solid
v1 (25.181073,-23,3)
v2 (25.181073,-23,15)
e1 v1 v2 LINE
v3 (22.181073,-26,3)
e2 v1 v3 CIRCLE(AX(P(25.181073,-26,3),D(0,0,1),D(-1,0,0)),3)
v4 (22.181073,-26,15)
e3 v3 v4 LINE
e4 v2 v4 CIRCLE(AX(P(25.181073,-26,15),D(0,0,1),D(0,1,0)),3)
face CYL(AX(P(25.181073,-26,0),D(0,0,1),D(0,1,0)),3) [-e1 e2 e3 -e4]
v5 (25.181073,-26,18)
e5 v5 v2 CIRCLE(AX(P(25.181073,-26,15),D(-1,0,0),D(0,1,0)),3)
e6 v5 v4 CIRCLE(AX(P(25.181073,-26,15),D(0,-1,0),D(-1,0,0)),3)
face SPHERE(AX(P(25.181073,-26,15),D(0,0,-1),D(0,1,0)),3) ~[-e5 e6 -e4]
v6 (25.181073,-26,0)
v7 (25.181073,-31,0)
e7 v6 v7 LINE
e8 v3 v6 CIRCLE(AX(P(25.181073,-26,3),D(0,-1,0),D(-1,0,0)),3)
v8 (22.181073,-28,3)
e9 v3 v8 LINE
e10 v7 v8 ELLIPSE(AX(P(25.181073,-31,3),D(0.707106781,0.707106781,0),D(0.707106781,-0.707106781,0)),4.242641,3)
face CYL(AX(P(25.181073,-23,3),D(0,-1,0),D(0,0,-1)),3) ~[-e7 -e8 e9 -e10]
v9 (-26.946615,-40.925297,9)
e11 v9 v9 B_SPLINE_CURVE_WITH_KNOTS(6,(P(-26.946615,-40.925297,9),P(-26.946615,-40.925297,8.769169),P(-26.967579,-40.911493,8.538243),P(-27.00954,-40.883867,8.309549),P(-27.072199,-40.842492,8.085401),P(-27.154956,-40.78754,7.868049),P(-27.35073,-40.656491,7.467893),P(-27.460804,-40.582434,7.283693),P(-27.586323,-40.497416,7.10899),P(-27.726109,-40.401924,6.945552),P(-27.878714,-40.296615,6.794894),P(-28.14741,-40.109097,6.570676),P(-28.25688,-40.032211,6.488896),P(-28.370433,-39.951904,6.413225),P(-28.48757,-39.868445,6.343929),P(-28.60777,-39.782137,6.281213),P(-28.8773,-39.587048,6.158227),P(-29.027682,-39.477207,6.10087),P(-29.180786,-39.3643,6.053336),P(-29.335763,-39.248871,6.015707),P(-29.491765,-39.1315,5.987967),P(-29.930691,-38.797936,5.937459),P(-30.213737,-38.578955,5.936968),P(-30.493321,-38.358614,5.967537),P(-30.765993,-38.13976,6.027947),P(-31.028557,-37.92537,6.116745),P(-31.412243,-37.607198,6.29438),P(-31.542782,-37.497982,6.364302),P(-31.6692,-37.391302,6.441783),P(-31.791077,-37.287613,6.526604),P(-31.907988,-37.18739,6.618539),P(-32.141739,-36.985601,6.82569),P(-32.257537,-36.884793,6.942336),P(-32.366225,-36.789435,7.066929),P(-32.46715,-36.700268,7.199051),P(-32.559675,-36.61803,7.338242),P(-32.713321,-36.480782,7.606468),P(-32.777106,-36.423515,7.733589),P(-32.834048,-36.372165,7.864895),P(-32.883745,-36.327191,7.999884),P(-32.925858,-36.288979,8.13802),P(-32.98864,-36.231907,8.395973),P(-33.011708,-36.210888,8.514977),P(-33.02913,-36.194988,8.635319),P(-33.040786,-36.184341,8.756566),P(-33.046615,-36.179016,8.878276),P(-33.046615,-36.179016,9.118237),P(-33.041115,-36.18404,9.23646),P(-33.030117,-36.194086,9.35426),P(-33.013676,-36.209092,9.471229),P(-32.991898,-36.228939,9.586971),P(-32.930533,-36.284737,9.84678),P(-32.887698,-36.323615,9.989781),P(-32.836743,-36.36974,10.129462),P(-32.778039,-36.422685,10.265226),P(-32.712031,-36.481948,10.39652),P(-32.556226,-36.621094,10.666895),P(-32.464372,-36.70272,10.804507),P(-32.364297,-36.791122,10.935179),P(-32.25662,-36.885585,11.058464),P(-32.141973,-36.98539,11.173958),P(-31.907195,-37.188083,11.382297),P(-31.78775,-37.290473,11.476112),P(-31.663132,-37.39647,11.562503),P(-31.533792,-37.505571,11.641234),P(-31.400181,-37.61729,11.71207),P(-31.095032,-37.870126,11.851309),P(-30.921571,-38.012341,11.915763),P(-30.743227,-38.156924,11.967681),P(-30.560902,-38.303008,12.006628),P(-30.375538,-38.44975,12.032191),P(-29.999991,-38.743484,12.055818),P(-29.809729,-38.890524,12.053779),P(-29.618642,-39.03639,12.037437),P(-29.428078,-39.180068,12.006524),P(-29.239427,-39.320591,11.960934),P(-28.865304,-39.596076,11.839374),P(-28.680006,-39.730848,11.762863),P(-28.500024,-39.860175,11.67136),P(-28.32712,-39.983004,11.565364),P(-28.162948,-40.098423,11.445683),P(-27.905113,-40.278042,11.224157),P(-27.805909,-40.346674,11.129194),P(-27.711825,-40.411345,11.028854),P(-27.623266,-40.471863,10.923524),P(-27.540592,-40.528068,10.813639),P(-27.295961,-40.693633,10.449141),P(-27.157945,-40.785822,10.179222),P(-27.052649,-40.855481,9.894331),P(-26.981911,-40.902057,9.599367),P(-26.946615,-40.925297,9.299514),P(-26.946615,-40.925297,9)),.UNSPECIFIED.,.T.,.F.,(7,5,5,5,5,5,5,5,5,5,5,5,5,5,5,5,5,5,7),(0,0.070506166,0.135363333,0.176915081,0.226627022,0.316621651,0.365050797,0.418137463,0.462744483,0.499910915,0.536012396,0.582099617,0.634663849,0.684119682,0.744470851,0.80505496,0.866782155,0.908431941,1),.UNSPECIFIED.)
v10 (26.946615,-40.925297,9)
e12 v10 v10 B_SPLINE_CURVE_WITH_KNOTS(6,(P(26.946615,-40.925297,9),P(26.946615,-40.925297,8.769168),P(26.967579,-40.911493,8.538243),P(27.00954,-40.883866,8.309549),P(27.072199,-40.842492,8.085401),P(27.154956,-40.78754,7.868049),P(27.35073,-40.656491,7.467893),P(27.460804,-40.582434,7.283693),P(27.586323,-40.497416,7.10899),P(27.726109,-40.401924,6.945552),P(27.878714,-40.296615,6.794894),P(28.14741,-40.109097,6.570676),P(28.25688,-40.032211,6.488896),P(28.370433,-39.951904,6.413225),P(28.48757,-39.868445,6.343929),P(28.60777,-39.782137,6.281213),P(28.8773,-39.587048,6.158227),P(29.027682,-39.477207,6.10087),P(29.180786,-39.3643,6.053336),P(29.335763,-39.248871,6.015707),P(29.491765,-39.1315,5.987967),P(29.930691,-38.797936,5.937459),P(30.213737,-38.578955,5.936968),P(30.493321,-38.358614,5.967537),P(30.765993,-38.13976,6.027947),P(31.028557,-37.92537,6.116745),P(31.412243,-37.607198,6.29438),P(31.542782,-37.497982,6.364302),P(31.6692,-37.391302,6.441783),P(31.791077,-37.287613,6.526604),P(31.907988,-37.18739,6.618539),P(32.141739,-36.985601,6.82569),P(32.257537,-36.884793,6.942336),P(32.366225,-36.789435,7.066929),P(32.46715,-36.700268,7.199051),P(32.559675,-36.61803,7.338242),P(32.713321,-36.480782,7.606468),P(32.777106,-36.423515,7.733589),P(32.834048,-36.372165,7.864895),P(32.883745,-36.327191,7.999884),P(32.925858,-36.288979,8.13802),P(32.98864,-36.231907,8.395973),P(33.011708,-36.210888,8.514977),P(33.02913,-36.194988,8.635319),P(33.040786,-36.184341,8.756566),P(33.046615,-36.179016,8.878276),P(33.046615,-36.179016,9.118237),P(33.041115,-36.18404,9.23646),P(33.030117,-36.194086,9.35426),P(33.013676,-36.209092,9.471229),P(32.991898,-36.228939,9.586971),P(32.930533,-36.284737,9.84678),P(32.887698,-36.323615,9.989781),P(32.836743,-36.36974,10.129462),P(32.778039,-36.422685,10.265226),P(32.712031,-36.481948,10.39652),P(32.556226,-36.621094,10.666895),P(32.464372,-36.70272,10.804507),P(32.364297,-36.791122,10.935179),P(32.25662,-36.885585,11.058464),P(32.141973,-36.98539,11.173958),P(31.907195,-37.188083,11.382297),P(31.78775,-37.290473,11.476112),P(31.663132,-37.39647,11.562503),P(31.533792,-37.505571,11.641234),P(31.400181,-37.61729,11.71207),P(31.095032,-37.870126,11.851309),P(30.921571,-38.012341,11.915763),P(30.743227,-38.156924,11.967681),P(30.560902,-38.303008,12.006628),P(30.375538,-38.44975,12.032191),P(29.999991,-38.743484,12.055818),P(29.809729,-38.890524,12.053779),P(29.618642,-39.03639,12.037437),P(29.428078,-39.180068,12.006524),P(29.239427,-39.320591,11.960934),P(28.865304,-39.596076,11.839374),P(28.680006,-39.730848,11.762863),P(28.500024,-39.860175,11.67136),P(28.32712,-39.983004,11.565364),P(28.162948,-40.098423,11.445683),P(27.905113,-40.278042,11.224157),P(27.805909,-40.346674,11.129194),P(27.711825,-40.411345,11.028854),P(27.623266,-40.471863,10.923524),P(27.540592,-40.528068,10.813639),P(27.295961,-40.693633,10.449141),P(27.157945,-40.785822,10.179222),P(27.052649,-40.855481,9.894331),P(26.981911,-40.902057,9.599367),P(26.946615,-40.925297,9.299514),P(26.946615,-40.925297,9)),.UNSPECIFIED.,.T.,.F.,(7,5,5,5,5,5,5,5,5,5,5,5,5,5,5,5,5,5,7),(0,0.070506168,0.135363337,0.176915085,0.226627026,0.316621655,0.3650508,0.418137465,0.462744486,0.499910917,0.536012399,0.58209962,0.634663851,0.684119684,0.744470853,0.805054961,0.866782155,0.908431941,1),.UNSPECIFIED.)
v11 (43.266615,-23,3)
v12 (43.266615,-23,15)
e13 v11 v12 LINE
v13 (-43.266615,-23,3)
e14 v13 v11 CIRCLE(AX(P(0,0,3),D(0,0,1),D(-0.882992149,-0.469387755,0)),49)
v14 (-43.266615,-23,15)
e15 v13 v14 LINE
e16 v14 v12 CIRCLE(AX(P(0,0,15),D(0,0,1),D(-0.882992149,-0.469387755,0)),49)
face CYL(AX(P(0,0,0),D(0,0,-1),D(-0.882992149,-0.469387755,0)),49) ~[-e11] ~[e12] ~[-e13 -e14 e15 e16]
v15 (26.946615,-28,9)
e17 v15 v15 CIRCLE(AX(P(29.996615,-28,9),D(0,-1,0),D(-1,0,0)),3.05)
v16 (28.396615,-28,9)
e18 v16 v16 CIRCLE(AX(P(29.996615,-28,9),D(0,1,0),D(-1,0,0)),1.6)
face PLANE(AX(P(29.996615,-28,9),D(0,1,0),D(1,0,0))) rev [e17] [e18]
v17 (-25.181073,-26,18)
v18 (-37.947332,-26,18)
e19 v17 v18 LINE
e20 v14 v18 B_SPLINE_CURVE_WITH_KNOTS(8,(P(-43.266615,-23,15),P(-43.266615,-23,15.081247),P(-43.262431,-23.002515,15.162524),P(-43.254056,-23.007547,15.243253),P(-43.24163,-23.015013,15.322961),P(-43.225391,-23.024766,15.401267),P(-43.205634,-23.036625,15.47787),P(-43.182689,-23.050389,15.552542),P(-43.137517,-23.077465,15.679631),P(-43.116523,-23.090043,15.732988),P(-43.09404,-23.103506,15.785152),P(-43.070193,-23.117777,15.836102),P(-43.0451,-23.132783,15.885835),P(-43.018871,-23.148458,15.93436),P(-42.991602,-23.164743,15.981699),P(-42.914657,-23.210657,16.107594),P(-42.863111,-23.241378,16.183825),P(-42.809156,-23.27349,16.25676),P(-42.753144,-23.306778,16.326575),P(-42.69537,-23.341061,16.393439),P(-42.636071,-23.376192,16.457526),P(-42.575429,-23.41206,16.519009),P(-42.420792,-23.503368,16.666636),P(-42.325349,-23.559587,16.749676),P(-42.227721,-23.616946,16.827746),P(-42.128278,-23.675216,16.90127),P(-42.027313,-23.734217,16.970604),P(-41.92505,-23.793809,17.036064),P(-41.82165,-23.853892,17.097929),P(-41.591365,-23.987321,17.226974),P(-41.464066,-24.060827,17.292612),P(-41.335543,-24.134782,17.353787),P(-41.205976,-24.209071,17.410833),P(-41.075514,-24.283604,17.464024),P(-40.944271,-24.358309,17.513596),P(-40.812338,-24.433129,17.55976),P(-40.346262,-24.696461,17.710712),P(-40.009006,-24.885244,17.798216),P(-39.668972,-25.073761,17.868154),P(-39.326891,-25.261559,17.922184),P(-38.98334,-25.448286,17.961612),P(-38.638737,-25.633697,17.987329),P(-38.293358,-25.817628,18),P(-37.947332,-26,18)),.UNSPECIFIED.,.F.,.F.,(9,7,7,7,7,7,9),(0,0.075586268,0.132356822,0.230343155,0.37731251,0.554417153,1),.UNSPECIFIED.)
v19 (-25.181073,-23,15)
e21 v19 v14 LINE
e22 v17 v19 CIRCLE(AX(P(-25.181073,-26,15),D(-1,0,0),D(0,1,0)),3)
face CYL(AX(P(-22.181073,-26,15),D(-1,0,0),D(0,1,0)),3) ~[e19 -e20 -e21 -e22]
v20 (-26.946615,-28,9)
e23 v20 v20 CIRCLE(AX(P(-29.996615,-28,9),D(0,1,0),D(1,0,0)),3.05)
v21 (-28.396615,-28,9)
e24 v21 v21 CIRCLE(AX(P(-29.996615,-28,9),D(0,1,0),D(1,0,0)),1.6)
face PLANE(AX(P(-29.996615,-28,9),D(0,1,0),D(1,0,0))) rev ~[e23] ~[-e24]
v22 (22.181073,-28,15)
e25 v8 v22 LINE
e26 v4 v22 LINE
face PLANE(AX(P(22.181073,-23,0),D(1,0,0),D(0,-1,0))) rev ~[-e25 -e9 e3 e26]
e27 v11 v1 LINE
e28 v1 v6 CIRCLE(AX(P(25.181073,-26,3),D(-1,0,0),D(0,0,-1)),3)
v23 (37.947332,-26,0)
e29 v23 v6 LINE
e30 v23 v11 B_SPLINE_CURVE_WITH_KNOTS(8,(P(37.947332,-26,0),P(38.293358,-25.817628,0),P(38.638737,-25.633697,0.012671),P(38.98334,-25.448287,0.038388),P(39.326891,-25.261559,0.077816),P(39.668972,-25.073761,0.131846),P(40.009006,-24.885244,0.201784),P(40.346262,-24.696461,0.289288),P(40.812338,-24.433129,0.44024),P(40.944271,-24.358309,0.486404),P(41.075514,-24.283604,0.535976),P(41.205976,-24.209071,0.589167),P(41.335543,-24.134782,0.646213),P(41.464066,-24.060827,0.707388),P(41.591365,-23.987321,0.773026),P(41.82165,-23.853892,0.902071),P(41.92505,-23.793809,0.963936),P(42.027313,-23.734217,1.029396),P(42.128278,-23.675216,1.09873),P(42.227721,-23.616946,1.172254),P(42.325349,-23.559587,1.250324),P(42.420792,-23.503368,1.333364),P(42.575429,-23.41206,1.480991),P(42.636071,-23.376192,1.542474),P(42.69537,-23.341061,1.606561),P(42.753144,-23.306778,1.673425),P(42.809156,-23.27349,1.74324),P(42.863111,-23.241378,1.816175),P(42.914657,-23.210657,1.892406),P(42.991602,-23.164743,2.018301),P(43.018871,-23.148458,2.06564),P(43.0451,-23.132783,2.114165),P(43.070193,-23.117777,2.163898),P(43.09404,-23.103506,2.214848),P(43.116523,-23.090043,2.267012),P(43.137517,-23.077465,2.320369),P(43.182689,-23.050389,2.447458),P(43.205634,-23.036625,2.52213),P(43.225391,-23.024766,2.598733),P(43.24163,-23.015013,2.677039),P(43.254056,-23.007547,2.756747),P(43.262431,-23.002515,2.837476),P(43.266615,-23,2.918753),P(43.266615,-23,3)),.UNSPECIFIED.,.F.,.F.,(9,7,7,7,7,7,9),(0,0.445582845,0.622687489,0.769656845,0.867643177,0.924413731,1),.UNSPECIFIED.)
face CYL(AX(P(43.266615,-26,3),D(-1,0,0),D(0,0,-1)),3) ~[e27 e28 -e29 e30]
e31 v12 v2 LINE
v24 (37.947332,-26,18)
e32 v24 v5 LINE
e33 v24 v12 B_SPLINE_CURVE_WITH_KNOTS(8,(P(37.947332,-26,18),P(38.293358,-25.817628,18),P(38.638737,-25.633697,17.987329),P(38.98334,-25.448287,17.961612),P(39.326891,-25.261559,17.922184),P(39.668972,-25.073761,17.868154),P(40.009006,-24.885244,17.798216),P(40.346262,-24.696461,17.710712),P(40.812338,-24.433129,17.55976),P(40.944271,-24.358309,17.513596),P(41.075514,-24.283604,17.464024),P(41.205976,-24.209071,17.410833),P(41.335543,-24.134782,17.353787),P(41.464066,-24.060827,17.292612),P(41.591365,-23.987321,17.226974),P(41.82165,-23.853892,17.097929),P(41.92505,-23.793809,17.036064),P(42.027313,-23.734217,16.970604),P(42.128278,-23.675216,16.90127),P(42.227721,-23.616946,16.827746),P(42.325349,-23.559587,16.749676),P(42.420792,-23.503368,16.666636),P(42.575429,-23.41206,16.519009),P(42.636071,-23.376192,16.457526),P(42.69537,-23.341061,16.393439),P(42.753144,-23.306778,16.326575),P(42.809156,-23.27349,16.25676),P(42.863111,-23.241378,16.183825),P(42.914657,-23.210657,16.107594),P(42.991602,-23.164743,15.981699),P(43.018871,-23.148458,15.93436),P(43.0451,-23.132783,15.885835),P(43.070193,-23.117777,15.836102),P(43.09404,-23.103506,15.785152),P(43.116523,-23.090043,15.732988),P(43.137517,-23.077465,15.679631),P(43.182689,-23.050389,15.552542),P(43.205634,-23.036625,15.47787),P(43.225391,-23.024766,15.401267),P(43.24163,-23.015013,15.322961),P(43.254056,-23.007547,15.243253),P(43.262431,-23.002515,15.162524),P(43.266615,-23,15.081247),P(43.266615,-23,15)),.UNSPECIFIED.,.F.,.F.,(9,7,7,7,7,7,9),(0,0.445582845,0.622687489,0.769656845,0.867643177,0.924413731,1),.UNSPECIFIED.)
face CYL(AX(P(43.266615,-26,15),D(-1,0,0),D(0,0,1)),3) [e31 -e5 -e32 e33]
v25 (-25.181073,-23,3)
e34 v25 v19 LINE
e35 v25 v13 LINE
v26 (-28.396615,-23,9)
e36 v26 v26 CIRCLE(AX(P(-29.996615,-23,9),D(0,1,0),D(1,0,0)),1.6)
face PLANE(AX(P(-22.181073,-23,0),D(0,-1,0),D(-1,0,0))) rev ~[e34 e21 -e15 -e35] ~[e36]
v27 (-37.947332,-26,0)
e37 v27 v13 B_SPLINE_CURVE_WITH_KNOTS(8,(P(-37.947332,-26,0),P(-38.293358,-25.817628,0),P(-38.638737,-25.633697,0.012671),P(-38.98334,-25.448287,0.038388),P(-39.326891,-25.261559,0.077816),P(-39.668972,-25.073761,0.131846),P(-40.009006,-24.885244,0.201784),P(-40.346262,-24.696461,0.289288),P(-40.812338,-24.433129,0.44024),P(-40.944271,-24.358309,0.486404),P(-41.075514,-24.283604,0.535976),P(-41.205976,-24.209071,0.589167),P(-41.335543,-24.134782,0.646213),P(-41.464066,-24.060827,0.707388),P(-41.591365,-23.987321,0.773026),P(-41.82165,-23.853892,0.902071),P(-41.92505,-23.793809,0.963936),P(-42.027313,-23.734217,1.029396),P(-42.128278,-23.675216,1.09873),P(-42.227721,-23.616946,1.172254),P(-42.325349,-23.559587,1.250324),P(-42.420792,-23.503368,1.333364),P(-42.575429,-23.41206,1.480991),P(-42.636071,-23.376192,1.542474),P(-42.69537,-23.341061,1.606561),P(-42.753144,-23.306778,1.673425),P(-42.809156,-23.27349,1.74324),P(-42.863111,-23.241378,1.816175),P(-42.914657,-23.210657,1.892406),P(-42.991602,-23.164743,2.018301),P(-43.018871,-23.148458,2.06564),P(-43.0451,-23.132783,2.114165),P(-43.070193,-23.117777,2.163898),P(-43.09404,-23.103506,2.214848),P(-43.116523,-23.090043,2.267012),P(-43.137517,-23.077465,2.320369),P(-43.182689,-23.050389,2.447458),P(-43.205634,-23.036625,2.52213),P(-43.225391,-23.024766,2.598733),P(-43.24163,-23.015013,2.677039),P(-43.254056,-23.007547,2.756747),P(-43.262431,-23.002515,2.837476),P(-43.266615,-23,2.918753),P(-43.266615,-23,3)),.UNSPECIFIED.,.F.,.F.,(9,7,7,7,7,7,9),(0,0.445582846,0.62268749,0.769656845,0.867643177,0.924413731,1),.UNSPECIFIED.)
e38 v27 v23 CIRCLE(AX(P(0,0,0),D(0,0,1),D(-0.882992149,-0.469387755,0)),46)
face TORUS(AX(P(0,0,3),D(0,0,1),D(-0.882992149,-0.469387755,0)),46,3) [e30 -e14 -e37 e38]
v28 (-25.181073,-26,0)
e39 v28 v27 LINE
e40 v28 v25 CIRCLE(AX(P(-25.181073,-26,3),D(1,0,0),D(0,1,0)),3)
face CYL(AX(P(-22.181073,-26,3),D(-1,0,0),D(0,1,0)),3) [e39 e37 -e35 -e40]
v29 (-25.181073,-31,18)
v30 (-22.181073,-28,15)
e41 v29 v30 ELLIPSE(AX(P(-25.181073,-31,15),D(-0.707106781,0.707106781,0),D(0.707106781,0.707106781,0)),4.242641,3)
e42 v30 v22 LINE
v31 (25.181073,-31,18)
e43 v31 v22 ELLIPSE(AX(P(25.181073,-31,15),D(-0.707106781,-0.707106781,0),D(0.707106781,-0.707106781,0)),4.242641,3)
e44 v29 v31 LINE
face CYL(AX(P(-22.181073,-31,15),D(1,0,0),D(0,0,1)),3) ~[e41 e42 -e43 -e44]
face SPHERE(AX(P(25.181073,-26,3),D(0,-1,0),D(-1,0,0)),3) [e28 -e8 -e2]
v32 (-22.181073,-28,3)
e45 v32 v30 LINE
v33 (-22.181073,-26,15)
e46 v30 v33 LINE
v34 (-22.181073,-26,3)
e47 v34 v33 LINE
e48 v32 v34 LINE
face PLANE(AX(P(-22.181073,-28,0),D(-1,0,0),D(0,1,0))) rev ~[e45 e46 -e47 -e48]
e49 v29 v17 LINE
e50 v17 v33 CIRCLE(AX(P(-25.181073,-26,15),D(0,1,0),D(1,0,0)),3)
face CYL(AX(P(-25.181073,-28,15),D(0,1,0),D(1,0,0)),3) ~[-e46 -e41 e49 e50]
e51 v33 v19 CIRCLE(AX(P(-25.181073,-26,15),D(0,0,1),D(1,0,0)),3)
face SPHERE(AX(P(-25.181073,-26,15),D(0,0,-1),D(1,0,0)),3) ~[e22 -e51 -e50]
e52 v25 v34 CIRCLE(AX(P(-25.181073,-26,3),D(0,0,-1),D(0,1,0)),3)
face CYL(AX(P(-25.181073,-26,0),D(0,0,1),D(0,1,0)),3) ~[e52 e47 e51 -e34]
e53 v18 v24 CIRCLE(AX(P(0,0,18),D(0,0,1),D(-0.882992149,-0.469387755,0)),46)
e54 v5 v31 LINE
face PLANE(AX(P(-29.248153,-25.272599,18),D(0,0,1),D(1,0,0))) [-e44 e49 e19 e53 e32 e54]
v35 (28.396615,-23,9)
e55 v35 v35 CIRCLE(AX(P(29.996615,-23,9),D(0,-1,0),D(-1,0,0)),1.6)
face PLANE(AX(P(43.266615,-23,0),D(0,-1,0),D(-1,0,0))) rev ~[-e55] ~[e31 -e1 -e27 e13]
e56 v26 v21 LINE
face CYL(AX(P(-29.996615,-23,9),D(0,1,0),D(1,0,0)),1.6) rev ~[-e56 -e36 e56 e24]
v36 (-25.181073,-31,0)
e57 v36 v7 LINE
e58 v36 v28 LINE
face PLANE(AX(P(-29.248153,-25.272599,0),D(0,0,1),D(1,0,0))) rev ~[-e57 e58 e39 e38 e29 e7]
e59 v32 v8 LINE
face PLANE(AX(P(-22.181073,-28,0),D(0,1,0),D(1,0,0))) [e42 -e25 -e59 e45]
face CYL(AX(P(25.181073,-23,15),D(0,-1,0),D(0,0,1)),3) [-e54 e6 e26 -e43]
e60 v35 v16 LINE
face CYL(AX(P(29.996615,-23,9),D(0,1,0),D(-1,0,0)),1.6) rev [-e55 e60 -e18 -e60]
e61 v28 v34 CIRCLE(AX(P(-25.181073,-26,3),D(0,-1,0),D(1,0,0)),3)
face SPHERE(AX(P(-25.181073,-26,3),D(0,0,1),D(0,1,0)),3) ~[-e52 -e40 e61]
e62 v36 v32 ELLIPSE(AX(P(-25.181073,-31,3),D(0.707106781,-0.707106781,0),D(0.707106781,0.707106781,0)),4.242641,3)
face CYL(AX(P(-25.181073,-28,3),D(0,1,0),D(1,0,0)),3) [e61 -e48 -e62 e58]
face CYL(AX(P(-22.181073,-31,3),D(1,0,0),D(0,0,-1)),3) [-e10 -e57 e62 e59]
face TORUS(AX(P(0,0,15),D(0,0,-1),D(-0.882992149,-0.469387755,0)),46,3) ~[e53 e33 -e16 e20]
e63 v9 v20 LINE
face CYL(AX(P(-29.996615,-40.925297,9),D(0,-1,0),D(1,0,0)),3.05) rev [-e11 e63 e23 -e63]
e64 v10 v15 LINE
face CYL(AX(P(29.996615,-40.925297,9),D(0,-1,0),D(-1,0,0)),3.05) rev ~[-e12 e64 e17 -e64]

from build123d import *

# Parameters (mm, degrees)
SKETCH1_W           = 44.362146026
SKETCH1_H           = 10
BOSS_EXTRUDE1_DEPTH = 18
SKETCH2_R           = 1.6
CUT_EXTRUDE1_DEPTH  = 27
CUT_EXTRUDE2_START  = -17.925297
SKETCH3_R           = 3.05
CUT_EXTRUDE2_DEPTH  = 12.925297
FILLET1_R           = 3


with BuildPart() as part:
    # Sketch1 → Boss-Extrude1 (new body)
    with BuildSketch(Plane.XY):
        with BuildLine():
            Line((-29.953929645, -23), (-37.509998667, -23))
            ThreePointArc((-37.509998667, -23), (-35.812927639, -25.562359318), (-33.941125497, -28))
            Line((-33.941125497, -28), (-22.181073013, -28))
            Line((-22.181073013, -28), (-22.181073013, -23))
            Line((-22.181073013, -23), (-29.953929645, -23))
        make_face()
        with BuildLine():
            Line((-37.509998667, -23), (-43.266615306, -23))
            ThreePointArc((-43.266615306, -23), (0, -49), (43.266615306, -23))
            Line((43.266615306, -23), (37.509998667, -23))
            ThreePointArc((37.509998667, -23), (35.812927639, -25.562359318), (33.941125497, -28))
            ThreePointArc((33.941125497, -28), (28.503075122, -33.519765939), (22.181073013, -38))
            ThreePointArc((22.181073013, -38), (0, -44), (-22.181073013, -38))
            ThreePointArc((-22.181073013, -38), (-28.503075122, -33.519765939), (-33.941125497, -28))
            ThreePointArc((-33.941125497, -28), (-35.812927639, -25.562359318), (-37.509998667, -23))
        make_face()
        with BuildLine():
            Line((-22.181073013, -28), (-33.941125497, -28))
            ThreePointArc((-33.941125497, -28), (-28.503075122, -33.519765939), (-22.181073013, -38))
            Line((-22.181073013, -38), (-22.181073013, -28))
        make_face()
        with BuildLine():
            ThreePointArc((22.181073013, -38), (28.503075122, -33.519765939), (33.941125497, -28))
            Line((33.941125497, -28), (22.181073013, -28))
            Line((22.181073013, -28), (22.181073013, -38))
        make_face()
        with BuildLine():
            ThreePointArc((33.941125497, -28), (35.812927639, -25.562359318), (37.509998667, -23))
            Line((37.509998667, -23), (22.181073013, -23))
            Line((22.181073013, -23), (22.181073013, -28))
            Line((22.181073013, -28), (33.941125497, -28))
        make_face()
        with Locations((0, -33)):
            Rectangle(SKETCH1_W, SKETCH1_H)
        with BuildLine():
            Line((22.181073013, -38), (-22.181073013, -38))
            ThreePointArc((-22.181073013, -38), (0, -44), (22.181073013, -38))
        make_face()
    extrude(amount=BOSS_EXTRUDE1_DEPTH)

    # Sketch2 → Cut-Extrude1 (cut, through all)
    with BuildSketch(Plane(origin=(0, -23, 0), x_dir=(1, 0, 0), z_dir=(0, 1, 0))):
        with Locations((-29.996615306, -9)):
            Circle(SKETCH2_R)
    cut_extrude1 = extrude(amount=-CUT_EXTRUDE1_DEPTH, mode=Mode.SUBTRACT)

    # Sketch3 → Cut-Extrude2 (cut)
    with BuildSketch(Plane(origin=(0, -23, 0), x_dir=(1, 0, 0), z_dir=(0, 1, 0)).offset(CUT_EXTRUDE2_START)):
        with Locations((-29.996615306, -9)):
            Circle(SKETCH3_R)
    cut_extrude2 = extrude(amount=CUT_EXTRUDE2_DEPTH, mode=Mode.SUBTRACT)

    # Mirror1: Cut-Extrude1, Cut-Extrude2 across plane
    add(cut_extrude1.mirror(Plane(origin=(0, 0, 0), x_dir=(0, 0, 1), z_dir=(1, 0, 0))), mode=Mode.SUBTRACT)
    add(cut_extrude2.mirror(Plane(origin=(0, 0, 0), x_dir=(0, 0, 1), z_dir=(1, 0, 0))), mode=Mode.SUBTRACT)

    # Fillet1
    fillet1_edges = [part.edges().sort_by_distance(p)[0] for p in [
        (0, -28, 18),
        (0, -28, 0),
        (22.181073013, -25.5, 0),
        (22.181073013, -23, 9),
        (-22.181073013, -23, 9),
        (-22.181073013, -25.5, 18),
        (-32.723844159, -23, 18),
        (0, -49, 18),
        (32.723844159, -23, 18),
        (22.181073013, -25.5, 18),
        (32.723844159, -23, 0),
        (0, -49, 0),
        (-32.723844159, -23, 0),
        (-22.181073013, -25.5, 0),
    ]]
    fillet(fillet1_edges, radius=FILLET1_R)


solid = part.part
